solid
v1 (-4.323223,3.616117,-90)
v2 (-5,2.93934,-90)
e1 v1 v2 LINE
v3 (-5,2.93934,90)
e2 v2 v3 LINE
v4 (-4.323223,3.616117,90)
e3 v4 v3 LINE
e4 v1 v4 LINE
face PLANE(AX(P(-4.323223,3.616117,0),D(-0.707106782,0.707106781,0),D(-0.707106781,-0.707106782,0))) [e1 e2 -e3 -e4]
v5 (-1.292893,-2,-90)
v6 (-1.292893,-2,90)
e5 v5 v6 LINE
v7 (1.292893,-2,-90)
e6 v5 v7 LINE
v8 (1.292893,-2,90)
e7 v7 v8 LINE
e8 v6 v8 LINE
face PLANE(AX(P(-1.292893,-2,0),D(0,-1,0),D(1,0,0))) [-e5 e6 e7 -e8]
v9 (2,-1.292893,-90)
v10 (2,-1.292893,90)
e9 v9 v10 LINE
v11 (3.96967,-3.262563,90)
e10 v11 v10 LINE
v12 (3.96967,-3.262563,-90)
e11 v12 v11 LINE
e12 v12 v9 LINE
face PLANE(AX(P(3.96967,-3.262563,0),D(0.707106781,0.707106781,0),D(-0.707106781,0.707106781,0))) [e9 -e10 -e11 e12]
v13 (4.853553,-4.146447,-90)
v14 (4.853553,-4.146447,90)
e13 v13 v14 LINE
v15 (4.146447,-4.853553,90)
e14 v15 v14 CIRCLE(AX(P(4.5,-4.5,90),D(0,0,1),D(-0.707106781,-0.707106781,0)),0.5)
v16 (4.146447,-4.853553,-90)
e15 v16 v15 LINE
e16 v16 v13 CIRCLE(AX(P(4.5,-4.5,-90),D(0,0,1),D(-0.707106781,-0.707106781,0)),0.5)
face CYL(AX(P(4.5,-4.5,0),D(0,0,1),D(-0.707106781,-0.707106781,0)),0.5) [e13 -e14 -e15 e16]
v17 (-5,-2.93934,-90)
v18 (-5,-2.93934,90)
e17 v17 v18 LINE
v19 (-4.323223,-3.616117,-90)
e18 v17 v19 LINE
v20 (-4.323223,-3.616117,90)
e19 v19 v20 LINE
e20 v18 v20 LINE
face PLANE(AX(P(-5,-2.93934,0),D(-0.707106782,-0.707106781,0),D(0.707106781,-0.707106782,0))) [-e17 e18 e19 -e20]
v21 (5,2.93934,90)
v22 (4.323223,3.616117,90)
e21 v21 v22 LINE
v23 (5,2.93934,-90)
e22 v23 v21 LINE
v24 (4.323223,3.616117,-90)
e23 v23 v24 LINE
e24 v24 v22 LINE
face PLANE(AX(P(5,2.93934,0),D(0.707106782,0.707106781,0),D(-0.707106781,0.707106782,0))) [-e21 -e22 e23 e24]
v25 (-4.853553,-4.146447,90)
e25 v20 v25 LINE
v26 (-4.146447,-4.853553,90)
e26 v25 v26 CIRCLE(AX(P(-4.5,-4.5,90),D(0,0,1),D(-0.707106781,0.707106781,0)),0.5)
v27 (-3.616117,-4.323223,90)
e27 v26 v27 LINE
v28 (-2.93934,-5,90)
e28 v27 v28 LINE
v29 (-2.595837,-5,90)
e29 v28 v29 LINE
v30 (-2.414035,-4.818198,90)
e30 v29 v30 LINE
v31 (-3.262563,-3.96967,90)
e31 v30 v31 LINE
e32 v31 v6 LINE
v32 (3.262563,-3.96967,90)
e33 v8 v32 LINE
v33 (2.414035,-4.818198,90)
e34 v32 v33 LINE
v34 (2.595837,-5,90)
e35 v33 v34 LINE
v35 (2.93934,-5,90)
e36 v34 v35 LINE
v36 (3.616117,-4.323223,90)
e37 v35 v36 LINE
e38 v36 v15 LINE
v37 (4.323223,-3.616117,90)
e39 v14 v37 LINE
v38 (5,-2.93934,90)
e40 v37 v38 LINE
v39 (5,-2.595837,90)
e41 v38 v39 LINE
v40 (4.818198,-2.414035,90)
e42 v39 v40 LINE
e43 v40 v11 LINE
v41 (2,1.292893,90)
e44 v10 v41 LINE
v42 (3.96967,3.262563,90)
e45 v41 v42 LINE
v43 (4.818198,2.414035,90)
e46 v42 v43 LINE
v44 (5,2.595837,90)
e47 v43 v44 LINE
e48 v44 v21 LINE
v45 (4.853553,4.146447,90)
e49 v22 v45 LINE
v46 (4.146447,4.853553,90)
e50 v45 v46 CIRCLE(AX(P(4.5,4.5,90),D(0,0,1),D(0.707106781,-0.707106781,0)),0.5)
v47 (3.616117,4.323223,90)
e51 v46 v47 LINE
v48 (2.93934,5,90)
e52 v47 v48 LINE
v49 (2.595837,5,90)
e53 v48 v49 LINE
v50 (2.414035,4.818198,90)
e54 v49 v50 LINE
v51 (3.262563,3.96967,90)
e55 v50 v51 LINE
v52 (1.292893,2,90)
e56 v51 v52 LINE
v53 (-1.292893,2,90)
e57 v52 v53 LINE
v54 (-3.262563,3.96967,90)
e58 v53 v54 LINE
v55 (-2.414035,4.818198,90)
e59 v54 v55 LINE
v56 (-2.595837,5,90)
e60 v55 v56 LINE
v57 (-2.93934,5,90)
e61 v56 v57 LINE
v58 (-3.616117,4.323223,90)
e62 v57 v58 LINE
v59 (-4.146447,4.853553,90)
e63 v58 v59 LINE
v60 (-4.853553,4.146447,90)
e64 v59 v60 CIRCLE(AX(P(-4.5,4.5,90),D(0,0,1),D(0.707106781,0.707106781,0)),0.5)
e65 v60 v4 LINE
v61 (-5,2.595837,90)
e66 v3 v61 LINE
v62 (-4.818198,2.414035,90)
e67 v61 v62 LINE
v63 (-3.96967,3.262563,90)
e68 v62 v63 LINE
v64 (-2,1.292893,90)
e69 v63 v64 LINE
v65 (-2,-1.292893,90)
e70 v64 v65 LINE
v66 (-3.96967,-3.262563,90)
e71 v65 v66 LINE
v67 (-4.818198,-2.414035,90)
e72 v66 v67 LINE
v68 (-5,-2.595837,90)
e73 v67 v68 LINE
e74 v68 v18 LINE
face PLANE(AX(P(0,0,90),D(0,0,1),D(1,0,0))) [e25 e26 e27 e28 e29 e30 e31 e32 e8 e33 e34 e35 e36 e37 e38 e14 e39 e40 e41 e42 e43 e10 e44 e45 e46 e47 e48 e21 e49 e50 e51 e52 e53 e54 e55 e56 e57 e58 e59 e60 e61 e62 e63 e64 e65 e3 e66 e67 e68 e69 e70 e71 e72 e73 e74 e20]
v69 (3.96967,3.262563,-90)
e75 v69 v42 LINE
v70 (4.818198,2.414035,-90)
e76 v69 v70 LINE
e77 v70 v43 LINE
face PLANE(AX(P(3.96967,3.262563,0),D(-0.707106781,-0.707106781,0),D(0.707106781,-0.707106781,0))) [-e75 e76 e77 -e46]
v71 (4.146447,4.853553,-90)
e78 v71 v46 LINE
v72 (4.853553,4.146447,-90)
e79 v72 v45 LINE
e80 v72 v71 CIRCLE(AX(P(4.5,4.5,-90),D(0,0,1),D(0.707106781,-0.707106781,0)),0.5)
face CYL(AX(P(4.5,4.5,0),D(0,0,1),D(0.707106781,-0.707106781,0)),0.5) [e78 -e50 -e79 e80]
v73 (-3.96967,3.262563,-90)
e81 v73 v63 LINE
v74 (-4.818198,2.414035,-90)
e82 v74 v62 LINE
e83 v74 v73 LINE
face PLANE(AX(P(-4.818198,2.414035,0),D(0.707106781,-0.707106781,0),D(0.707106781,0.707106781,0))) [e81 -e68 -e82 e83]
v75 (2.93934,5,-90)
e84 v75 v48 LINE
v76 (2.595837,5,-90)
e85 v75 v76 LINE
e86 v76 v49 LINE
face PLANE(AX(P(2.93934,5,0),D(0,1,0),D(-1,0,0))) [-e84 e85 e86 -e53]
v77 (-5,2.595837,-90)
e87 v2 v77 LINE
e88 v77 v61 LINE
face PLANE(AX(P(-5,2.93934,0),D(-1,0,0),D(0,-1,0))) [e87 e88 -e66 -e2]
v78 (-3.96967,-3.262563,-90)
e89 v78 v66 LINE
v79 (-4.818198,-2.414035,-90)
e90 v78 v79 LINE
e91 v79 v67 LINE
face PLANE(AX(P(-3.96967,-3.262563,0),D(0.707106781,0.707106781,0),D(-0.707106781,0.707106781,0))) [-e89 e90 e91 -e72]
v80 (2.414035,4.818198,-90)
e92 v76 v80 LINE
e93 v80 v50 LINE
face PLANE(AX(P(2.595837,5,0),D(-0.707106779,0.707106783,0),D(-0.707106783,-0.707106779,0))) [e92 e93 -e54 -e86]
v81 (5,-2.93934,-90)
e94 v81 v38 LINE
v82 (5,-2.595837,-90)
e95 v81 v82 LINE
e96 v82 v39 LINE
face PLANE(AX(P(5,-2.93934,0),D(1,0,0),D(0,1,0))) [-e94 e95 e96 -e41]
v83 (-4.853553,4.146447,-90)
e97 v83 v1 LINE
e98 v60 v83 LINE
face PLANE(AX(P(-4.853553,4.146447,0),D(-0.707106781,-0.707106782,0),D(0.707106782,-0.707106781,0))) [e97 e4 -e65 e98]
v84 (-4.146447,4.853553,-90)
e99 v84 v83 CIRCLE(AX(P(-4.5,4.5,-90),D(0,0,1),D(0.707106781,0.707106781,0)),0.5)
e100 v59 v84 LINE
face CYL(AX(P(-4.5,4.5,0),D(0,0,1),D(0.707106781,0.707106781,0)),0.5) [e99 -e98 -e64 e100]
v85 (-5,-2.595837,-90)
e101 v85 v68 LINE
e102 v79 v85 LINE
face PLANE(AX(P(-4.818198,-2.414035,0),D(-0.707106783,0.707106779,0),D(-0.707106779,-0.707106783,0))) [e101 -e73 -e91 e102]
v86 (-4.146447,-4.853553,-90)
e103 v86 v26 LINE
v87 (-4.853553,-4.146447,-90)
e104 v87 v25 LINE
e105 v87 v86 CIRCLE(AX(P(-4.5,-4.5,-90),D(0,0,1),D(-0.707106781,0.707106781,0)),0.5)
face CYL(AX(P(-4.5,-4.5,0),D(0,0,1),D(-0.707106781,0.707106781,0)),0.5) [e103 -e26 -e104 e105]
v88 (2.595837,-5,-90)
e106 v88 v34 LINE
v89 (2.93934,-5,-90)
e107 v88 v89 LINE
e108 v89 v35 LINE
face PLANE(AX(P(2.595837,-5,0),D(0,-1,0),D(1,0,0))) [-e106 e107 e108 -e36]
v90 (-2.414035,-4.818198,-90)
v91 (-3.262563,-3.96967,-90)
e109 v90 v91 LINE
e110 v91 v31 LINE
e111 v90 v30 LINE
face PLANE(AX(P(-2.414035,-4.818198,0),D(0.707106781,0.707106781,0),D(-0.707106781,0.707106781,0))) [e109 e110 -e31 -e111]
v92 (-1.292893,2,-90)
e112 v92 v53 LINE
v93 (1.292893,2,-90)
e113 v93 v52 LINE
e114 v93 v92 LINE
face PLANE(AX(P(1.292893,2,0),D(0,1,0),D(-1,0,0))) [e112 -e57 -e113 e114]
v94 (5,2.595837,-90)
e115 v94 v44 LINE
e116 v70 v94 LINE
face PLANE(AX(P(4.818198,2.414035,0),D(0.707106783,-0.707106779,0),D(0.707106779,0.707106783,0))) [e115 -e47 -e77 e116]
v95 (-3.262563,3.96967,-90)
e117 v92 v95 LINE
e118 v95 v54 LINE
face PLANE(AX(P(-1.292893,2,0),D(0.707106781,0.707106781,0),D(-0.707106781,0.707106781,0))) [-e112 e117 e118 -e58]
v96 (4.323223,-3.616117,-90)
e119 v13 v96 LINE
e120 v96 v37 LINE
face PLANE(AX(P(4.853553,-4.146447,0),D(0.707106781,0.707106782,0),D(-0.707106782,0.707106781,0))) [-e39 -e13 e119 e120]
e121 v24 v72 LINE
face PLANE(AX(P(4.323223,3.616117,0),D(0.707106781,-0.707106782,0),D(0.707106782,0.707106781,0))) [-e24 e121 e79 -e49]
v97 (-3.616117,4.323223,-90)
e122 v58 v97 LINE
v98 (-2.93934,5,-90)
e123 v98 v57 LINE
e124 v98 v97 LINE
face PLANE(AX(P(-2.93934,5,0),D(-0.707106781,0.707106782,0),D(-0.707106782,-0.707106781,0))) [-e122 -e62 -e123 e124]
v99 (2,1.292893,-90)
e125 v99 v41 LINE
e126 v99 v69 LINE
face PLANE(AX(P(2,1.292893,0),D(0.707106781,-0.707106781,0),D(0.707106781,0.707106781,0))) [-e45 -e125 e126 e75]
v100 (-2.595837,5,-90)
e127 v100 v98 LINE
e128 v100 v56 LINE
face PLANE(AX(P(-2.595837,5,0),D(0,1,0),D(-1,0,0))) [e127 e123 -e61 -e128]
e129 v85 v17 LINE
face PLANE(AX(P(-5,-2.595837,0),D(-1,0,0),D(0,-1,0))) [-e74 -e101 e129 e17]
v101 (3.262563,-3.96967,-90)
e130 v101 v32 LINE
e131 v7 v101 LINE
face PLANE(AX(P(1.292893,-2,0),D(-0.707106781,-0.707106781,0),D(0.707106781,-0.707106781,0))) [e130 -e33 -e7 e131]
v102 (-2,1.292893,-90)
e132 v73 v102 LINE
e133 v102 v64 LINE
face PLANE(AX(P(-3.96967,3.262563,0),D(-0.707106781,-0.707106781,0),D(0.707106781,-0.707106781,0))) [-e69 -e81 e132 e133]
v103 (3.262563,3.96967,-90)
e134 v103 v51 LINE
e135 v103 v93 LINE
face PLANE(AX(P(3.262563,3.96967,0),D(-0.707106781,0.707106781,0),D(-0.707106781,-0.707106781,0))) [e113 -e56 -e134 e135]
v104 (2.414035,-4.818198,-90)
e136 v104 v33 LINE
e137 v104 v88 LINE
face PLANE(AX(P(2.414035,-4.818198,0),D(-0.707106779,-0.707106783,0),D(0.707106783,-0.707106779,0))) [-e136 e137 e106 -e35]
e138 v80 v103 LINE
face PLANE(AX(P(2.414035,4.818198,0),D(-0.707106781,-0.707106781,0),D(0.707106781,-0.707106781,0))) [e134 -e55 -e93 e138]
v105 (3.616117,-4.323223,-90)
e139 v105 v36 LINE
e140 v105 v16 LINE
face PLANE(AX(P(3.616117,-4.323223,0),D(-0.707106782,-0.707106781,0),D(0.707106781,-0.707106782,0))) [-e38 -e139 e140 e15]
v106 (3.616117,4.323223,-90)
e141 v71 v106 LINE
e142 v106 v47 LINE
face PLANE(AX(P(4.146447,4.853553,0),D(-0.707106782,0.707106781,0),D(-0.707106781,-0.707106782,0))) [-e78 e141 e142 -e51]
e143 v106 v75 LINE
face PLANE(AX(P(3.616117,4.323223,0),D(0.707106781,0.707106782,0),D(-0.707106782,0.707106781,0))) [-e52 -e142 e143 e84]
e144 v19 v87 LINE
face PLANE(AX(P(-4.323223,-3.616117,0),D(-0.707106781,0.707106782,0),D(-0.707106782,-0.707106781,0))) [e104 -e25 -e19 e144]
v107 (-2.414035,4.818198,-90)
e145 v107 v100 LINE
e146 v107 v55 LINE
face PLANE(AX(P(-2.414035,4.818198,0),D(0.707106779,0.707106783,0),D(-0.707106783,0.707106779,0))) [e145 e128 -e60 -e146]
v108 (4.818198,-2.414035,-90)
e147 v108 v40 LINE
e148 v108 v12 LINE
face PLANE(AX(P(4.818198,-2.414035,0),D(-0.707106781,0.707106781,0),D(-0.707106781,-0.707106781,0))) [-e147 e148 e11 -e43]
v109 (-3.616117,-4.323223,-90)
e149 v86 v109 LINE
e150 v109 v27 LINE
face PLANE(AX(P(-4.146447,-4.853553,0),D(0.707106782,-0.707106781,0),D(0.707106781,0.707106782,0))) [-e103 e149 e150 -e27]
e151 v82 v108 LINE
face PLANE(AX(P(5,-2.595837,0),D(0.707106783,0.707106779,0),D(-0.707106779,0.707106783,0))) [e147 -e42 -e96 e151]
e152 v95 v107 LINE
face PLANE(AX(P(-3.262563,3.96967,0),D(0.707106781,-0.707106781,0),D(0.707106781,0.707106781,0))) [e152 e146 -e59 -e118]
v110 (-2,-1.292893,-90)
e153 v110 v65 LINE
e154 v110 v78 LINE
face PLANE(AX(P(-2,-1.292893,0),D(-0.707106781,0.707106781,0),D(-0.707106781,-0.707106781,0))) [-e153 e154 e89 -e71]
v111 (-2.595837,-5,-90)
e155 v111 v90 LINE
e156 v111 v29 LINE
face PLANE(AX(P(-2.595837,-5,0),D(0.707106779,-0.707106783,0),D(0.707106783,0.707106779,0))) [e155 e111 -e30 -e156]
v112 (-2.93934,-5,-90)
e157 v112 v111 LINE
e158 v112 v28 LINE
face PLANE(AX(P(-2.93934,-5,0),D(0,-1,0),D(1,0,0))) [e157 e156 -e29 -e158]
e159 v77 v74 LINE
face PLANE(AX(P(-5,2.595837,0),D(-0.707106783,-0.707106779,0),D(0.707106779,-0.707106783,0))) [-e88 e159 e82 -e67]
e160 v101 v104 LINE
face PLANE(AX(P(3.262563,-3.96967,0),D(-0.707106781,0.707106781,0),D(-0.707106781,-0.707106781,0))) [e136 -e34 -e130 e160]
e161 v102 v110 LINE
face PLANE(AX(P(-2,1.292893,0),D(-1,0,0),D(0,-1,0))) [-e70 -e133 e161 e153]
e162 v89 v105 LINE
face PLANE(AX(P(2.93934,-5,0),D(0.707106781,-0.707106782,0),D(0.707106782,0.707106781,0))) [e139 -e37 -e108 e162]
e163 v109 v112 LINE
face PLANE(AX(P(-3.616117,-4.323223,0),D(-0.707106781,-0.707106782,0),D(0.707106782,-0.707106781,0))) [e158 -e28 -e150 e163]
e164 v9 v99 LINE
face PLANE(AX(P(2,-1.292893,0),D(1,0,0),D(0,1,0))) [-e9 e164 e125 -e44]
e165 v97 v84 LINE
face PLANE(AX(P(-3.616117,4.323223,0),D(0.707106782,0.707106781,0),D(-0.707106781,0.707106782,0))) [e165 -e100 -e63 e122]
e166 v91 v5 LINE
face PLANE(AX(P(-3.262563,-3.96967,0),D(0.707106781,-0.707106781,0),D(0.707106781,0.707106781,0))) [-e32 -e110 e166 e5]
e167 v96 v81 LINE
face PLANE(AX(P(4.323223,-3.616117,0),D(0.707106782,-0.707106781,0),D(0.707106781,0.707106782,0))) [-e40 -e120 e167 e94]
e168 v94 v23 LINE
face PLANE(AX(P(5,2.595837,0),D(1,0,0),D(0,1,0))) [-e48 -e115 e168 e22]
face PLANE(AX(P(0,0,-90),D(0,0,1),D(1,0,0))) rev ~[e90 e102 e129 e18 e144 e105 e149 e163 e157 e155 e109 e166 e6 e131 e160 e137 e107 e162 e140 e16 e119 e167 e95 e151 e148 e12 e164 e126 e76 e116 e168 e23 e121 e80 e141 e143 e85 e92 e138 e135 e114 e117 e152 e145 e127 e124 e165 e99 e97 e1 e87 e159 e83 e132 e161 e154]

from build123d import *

# Parameters (mm, degrees)
BOSS_EXTRUDE1_DEPTH = 90


with BuildPart() as part:
    # Sketch2 → Boss-Extrude1 (new, symmetric)
    with BuildSketch(Plane.XY):
        with BuildLine():
            Line((-4.853553391, 4.146446609), (-4.323223305, 3.616116524))
            Line((-4.323223305, 3.616116524), (-5, 2.939339828))
            Line((-5, 2.939339828), (-5, 2.595836944))
            Line((-5, 2.595836944), (-4.818198052, 2.414034995))
            Line((-4.818198052, 2.414034995), (-3.969669914, 3.262563133))
            Line((-3.969669914, 3.262563133), (-2, 1.292893219))
            Line((-2, 1.292893219), (-2, -1.292893219))
            Line((-2, -1.292893219), (-3.969669914, -3.262563133))
            Line((-3.969669914, -3.262563133), (-4.818198052, -2.414034995))
            Line((-4.818198052, -2.414034995), (-5, -2.595836944))
            Line((-5, -2.595836944), (-5, -2.939339828))
            Line((-5, -2.939339828), (-4.323223305, -3.616116524))
            Line((-4.323223305, -3.616116524), (-4.853553391, -4.146446609))
            ThreePointArc((-4.853553391, -4.146446609), (-4.853553391, -4.853553391), (-4.146446609, -4.853553391))
            Line((-4.146446609, -4.853553391), (-3.616116524, -4.323223305))
            Line((-3.616116524, -4.323223305), (-2.939339828, -5))
            Line((-2.939339828, -5), (-2.595836944, -5))
            Line((-2.595836944, -5), (-2.414034995, -4.818198052))
            Line((-2.414034995, -4.818198052), (-3.262563133, -3.969669914))
            Line((-3.262563133, -3.969669914), (-1.292893219, -2))
            Line((-1.292893219, -2), (1.292893219, -2))
            Line((1.292893219, -2), (3.262563133, -3.969669914))
            Line((3.262563133, -3.969669914), (2.414034995, -4.818198052))
            Line((2.414034995, -4.818198052), (2.595836944, -5))
            Line((2.595836944, -5), (2.939339828, -5))
            Line((2.939339828, -5), (3.616116524, -4.323223305))
            Line((3.616116524, -4.323223305), (4.146446609, -4.853553391))
            ThreePointArc((4.146446609, -4.853553391), (4.853553391, -4.853553391), (4.853553391, -4.146446609))
            Line((4.853553391, -4.146446609), (4.323223305, -3.616116524))
            Line((4.323223305, -3.616116524), (5, -2.939339828))
            Line((5, -2.939339828), (5, -2.595836944))
            Line((5, -2.595836944), (4.818198052, -2.414034995))
            Line((4.818198052, -2.414034995), (3.969669914, -3.262563133))
            Line((3.969669914, -3.262563133), (2, -1.292893219))
            Line((2, -1.292893219), (2, 1.292893219))
            Line((2, 1.292893219), (3.969669914, 3.262563133))
            Line((3.969669914, 3.262563133), (4.818198052, 2.414034995))
            Line((4.818198052, 2.414034995), (5, 2.595836944))
            Line((5, 2.595836944), (5, 2.939339828))
            Line((5, 2.939339828), (4.323223305, 3.616116524))
            Line((4.323223305, 3.616116524), (4.853553391, 4.146446609))
            ThreePointArc((4.853553391, 4.146446609), (4.853553391, 4.853553391), (4.146446609, 4.853553391))
            Line((4.146446609, 4.853553391), (3.616116524, 4.323223305))
            Line((3.616116524, 4.323223305), (2.939339828, 5))
            Line((2.939339828, 5), (2.595836944, 5))
            Line((2.595836944, 5), (2.414034995, 4.818198052))
            Line((2.414034995, 4.818198052), (3.262563133, 3.969669914))
            Line((3.262563133, 3.969669914), (1.292893219, 2))
            Line((1.292893219, 2), (-1.292893219, 2))
            Line((-1.292893219, 2), (-3.262563133, 3.969669914))
            Line((-3.262563133, 3.969669914), (-2.414034995, 4.818198052))
            Line((-2.414034995, 4.818198052), (-2.595836944, 5))
            Line((-2.595836944, 5), (-2.939339828, 5))
            Line((-2.939339828, 5), (-3.616116524, 4.323223305))
            Line((-3.616116524, 4.323223305), (-4.146446609, 4.853553391))
            ThreePointArc((-4.146446609, 4.853553391), (-4.853553391, 4.853553391), (-4.853553391, 4.146446609))
        make_face()
    extrude(amount=BOSS_EXTRUDE1_DEPTH, both=True)


solid = part.part
